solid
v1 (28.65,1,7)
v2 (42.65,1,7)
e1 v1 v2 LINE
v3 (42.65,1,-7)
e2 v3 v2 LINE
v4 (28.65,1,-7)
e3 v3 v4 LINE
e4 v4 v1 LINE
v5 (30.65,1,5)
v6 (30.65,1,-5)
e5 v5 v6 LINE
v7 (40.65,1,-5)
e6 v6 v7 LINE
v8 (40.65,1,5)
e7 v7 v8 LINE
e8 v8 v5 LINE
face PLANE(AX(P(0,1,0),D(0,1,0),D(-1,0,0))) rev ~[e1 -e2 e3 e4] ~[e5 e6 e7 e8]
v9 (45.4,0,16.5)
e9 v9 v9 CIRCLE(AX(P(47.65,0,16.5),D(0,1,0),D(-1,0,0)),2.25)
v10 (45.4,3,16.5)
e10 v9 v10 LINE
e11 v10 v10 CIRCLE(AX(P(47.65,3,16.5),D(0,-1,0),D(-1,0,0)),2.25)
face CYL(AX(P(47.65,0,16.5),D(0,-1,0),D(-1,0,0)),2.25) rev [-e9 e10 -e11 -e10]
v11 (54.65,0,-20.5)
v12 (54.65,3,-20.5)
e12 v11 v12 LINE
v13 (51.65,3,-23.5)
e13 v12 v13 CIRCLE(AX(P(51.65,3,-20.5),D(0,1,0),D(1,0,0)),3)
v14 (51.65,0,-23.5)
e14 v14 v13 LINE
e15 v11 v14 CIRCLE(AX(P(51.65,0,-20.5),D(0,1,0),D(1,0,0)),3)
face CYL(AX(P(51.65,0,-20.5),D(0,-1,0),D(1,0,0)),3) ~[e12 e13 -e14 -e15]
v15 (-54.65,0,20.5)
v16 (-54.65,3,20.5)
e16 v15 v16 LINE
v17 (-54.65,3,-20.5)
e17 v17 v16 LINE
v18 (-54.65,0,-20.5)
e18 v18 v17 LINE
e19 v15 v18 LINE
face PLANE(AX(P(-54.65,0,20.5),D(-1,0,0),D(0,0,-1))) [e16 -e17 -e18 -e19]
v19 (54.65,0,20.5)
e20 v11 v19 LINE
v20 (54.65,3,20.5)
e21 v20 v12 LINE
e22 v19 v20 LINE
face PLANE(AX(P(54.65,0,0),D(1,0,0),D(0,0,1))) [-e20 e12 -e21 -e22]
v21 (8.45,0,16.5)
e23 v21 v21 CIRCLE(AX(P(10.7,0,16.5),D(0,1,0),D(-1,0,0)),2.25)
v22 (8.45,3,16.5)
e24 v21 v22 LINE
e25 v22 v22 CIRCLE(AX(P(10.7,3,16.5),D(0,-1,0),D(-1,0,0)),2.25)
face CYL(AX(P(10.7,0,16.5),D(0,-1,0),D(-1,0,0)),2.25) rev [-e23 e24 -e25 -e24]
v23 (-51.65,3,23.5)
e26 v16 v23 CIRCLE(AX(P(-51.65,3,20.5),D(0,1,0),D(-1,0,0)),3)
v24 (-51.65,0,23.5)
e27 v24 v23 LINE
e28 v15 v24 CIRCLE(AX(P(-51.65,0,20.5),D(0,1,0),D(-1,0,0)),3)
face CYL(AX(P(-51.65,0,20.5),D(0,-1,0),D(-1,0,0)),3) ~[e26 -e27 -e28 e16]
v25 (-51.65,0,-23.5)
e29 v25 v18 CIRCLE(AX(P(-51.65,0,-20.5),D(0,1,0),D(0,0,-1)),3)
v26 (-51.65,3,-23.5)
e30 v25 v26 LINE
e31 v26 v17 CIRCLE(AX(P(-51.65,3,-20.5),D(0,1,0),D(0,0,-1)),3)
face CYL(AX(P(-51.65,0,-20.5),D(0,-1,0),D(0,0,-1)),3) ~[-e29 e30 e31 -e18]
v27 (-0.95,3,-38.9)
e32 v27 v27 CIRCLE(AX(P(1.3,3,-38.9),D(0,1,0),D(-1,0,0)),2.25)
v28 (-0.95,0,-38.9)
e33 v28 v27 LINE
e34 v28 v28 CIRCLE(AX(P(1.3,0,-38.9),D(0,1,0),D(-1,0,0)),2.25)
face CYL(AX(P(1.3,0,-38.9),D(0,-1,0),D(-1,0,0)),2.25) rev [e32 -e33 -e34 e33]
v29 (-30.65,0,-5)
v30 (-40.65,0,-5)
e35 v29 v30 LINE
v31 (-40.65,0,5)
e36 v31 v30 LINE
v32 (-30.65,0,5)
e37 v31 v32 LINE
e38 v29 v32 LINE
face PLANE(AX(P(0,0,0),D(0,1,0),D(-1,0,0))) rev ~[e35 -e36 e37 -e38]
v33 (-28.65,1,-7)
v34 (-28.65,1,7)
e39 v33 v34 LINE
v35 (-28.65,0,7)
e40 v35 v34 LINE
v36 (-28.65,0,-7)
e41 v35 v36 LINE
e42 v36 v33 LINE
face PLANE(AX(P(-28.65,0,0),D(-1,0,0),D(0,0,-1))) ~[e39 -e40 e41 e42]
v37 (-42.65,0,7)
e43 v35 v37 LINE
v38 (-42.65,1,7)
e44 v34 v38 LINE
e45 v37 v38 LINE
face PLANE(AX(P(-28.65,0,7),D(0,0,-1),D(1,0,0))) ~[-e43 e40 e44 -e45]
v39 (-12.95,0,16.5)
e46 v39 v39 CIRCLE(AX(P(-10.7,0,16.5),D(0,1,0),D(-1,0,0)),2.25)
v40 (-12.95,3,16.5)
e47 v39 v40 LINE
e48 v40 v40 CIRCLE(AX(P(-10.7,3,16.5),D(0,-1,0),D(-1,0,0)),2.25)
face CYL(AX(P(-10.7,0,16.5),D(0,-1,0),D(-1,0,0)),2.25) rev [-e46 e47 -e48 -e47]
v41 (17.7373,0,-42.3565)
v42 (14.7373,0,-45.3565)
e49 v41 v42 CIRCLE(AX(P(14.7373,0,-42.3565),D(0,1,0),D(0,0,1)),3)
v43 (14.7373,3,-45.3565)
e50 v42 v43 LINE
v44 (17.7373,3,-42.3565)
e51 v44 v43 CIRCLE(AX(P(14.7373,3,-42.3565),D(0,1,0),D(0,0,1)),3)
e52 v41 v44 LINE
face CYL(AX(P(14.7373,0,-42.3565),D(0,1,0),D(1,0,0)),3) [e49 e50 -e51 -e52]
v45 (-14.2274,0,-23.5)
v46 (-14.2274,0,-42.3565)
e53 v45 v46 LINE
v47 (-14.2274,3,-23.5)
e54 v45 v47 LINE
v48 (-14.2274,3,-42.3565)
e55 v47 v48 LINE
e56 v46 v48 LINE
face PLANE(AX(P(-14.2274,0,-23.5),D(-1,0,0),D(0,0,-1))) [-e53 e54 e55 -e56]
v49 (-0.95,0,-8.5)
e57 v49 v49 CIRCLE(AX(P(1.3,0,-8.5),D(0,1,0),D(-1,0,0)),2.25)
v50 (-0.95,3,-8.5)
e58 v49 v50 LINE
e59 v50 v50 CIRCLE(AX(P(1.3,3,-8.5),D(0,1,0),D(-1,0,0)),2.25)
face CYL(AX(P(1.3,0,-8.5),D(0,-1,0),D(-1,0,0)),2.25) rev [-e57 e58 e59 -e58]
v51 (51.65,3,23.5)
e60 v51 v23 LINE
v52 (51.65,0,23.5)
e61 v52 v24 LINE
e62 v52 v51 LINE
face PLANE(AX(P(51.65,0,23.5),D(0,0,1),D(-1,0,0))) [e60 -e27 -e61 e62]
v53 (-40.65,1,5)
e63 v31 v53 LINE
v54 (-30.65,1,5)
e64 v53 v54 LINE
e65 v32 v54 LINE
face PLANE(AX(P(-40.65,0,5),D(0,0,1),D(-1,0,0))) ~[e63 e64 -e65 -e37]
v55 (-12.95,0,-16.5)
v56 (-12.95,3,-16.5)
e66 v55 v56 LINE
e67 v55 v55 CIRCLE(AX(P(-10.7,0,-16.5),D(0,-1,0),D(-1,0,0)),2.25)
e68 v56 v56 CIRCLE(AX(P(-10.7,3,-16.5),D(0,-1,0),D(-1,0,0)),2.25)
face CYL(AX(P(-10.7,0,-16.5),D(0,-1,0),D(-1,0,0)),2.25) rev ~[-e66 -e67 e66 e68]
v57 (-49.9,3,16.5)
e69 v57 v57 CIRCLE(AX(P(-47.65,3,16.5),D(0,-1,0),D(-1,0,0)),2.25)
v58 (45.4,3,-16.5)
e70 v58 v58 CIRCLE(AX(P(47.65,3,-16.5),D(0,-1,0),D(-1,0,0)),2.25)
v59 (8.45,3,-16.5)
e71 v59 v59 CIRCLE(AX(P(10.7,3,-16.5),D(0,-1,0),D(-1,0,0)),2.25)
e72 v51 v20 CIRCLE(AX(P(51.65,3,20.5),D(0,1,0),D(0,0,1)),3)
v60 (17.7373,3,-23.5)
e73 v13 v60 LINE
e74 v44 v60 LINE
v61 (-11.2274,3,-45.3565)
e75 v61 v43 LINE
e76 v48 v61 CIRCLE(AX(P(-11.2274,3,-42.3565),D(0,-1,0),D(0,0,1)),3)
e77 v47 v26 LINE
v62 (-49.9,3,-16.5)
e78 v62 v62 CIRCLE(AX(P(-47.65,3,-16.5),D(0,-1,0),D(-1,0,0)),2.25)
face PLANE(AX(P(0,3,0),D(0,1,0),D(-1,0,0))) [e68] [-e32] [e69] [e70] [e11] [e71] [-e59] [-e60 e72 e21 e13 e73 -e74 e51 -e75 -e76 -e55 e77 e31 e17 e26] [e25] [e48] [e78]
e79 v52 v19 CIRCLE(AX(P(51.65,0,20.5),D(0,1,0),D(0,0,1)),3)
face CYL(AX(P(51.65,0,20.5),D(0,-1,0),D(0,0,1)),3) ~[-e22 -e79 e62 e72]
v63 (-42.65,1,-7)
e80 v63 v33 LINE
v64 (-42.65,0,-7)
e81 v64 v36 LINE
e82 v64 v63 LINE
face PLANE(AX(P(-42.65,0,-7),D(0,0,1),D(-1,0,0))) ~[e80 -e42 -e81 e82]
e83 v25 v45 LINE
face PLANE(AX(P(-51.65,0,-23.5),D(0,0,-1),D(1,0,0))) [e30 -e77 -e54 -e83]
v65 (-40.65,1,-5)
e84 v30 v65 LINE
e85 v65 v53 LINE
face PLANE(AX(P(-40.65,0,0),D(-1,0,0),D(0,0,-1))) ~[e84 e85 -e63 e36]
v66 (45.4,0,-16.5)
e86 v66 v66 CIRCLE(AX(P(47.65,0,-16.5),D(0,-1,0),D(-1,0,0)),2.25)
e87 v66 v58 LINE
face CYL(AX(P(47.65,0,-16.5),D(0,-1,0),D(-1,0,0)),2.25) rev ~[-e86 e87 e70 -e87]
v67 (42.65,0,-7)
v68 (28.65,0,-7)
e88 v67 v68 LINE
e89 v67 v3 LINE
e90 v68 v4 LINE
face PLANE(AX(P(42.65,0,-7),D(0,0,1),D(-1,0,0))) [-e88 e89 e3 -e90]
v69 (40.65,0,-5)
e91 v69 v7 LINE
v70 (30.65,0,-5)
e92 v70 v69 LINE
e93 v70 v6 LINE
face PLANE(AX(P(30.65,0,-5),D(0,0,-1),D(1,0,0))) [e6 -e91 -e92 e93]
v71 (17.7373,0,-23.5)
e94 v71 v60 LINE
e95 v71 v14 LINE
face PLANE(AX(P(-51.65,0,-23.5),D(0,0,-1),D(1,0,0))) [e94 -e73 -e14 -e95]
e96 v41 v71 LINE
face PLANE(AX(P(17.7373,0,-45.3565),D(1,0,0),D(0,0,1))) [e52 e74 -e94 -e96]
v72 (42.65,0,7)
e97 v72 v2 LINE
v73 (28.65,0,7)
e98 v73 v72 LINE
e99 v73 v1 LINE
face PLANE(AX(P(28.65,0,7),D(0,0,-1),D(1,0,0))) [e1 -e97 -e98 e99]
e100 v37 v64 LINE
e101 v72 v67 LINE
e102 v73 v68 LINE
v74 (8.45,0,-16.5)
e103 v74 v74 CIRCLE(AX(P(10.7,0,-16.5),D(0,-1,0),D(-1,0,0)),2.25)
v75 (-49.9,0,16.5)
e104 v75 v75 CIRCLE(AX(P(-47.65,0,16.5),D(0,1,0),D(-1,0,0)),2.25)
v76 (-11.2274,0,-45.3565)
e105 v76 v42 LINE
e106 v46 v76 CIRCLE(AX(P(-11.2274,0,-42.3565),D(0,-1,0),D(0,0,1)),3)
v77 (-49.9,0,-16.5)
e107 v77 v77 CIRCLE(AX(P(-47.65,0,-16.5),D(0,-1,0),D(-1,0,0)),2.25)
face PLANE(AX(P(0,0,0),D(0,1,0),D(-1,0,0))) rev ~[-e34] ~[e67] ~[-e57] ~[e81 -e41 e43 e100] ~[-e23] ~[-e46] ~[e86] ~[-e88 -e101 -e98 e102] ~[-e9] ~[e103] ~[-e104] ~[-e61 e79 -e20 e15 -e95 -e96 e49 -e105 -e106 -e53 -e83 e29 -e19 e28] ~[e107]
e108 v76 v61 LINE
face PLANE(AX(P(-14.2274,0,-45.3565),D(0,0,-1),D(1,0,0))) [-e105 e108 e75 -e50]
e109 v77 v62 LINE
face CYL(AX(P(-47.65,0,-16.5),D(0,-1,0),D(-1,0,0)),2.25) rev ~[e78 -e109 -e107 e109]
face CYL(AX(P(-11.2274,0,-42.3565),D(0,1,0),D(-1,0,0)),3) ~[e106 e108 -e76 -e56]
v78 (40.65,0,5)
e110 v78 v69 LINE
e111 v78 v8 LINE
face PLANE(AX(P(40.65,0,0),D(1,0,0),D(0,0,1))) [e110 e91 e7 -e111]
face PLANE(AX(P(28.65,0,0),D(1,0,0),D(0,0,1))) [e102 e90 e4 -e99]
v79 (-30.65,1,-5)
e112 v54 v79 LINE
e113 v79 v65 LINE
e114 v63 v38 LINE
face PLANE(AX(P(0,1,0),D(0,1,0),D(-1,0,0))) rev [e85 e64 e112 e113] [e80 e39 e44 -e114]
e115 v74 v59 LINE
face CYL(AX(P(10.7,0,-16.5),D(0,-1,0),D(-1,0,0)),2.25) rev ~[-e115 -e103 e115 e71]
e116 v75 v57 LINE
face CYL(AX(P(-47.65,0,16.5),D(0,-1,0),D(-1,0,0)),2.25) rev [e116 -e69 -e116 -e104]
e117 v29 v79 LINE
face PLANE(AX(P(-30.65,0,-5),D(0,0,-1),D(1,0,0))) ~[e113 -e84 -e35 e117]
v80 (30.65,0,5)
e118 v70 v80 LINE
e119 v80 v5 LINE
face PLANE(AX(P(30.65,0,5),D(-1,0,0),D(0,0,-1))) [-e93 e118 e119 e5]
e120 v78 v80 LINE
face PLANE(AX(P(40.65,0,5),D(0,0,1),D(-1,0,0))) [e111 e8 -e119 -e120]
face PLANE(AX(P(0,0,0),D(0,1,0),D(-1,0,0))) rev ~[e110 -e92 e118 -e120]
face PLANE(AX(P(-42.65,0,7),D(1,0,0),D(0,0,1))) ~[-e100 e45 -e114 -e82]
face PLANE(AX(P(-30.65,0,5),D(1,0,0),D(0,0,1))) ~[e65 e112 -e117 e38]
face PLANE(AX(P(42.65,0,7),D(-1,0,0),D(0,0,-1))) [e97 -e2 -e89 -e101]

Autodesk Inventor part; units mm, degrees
ref_plane "YZ Plane" through (0, 0, 0) normal (1, 0, 0) x (0, 1, 0)
ref_plane "XZ Plane" through (0, 0, 0) normal (0, 1, 0) x (-1, 0, 0)
ref_plane "XY Plane" through (0, 0, 0) normal (0, 0, 1) x (1, 0, 0)
sketch "Sketch1" plane through (0, 0, 0) normal (0, 1, 0) x (-1, 0, 0)
  line L0 (-51.65, 23.5) -> (51.65, 23.5)
  line L1 (54.65, 20.5) -> (54.65, -20.5)
  line L2 (51.65, -23.5) -> (-51.65, -23.5)
  line L3 (-54.65, -20.5) -> (-54.65, 20.5)
  circle A0 centre (-47.65, 16.5) radius 2.25
  circle A1 centre (47.65, 16.5) radius 2.25
  circle A2 centre (-47.65, 16.5) radius 26.75 construction
  circle A3 centre (-10.7, 16.5) radius 2.25
  circle A4 centre (-10.7, 16.5) radius 11.2 construction
  line L4 (-21.9, 16.5) -> (-21.9, 6.8604)
  line L5 (-20.9, 16.5) -> (-20.9, 6.8604)
  circle A5 centre (10.7, 16.5) radius 2.25
  circle A6 centre (10.7, 16.5) radius 11.2 construction
  line L6 (-0.5, 16.5) -> (-0.5, 5.694)
  line L7 (0.5, 16.5) -> (0.5, 5.694)
  circle A7 centre (47.65, 16.5) radius 26.75 construction
  line L8 (20.9, 16.5) -> (20.9, 5.8426)
  line L9 (21.9, 16.5) -> (21.9, 5.8426)
  arc A8 (-51.65, 23.5) -> (-54.65, 20.5) centre (-51.65, 20.5) ccw
  arc A9 (-54.65, -20.5) -> (-51.65, -23.5) centre (-51.65, -20.5) ccw
  arc A10 (54.65, 20.5) -> (51.65, 23.5) centre (51.65, 20.5) ccw
  arc A11 (51.65, -23.5) -> (54.65, -20.5) centre (51.65, -20.5) ccw
  line L10 (-84.9483, 16.5) -> (77.5332, 16.5) construction
  line L11 (-54.65, 0) -> (54.65, 0)
  line L12 (10.7, 30.5) -> (10.7, -33.5) construction
  circle A12 centre (10.7, -16.5) radius 2.25
  line L13 (5, -8.5) -> (18, -8.5) construction
  line L14 (3.7, -4.5) -> (3.7, -33.5) construction
  line L15 (-6.3, -4.5) -> (-6.3, -33.5) construction
  line L16 (-1.3, -33.5) -> (-1.3, -4.5) construction
  circle A13 centre (-1.3, -38.9) radius 2.25
  circle A14 centre (-1.3, -8.5) radius 2.25
  line L17 (-17.7373, -23.5) -> (14.2274, -23.5)
  line L18 (14.2274, -23.5) -> (14.2274, -45.3565)
  line L19 (14.2274, -45.3565) -> (-17.7373, -45.3565)
  line L20 (-17.7373, -45.3565) -> (-17.7373, -23.5)
  line L21 (-40.65, 5) -> (-30.65, 5)
  line L22 (-30.65, 5) -> (-30.65, -5)
  line L23 (-30.65, -5) -> (-40.65, -5)
  line L24 (-40.65, -5) -> (-40.65, 5)
  line L25 (-42.65, -7) -> (-28.65, -7)
  line L26 (-28.65, -7) -> (-28.65, 7)
  line L27 (-28.65, 7) -> (-42.65, 7)
  line L28 (-42.65, 7) -> (-42.65, -7)
  point P0 (0, 0)
  point P1 (-54.65, 23.5)
  point P2 (-54.65, -23.5)
  point P3 (0, 23.5)
  point P4 (-35.65, 5)
  point P5 (-30.65, 0)
  dimension "d5" = 53.5
  dimension "d12" = 53.5
  dimension "d1" = 4.5
  dimension "d2" = 7
  dimension "d3" = 4.5
  dimension "d4" = 7
  dimension "d6" = 4.5
  dimension "d7" = 22.4
  dimension "d8" = 1
  dimension "d9" = 4.5
  dimension "d10" = 22.4
  dimension "d11" = 1
  dimension "d13" = 1
  dimension "d14" = 3
  dimension "d23" = 16.5
  dimension "d24" = 7
  dimension "d27" = 8
  dimension "d28" = 7
  dimension "d29" = 10
  dimension "d30" = 5
  dimension "d31" = 4.5
  dimension "d32" = 4.5
  dimension "d33" = 30.4
  dimension "d38" = 0
  dimension "d40" = 10
  dimension "d41" = 10
  dimension "d43" = 2
  dimension "d47" = 12
extrude "Extrusion1" add sketch "Sketch1" along normal blind 3 contours L0 A10 L1 L11 L26 L27 L28 L3 A8 | L11 L28 L25 L26 L1 A11 L2 A9 L3 | L28 L27 L26 L11 L22 L21 L24 | L11 L24 L23 L22 L26 L25 L28 | L24 L21 L22 L11 | L11 L22 L23 L24 | A0 | A1 | A3 | A5 | A12 | A14
extrude "Extrusion2" cut sketch "Sketch1" along normal blind 10 contours A0 | A1 | A3 | A5
mirror "Mirror1" about plane through (0, 0, 0) normal (0, 0, 1) of "Extrusion2"
extrude "Extrusion3" add sketch "Sketch1" along normal blind 3 contours L2 L18 L19 L20
extrude "Extrusion4" cut sketch "Sketch1" along normal blind 3 contours A14
fillet "Fillet1" radius 3 2 edges at (-14.2274, 1.5, -45.3565) (17.7373, 1.5, -45.3565)
extrude "Extrusion5" cut sketch "Sketch1" along normal blind 1 contours L28 L27 L26 L11 L22 L21 L24 | L11 L24 L23 L22 L26 L25 L28
mirror "Mirror2" about plane through (0, 0, 0) normal (1, 0, 0) of "Extrusion5"
properties part number "OuterBar"
